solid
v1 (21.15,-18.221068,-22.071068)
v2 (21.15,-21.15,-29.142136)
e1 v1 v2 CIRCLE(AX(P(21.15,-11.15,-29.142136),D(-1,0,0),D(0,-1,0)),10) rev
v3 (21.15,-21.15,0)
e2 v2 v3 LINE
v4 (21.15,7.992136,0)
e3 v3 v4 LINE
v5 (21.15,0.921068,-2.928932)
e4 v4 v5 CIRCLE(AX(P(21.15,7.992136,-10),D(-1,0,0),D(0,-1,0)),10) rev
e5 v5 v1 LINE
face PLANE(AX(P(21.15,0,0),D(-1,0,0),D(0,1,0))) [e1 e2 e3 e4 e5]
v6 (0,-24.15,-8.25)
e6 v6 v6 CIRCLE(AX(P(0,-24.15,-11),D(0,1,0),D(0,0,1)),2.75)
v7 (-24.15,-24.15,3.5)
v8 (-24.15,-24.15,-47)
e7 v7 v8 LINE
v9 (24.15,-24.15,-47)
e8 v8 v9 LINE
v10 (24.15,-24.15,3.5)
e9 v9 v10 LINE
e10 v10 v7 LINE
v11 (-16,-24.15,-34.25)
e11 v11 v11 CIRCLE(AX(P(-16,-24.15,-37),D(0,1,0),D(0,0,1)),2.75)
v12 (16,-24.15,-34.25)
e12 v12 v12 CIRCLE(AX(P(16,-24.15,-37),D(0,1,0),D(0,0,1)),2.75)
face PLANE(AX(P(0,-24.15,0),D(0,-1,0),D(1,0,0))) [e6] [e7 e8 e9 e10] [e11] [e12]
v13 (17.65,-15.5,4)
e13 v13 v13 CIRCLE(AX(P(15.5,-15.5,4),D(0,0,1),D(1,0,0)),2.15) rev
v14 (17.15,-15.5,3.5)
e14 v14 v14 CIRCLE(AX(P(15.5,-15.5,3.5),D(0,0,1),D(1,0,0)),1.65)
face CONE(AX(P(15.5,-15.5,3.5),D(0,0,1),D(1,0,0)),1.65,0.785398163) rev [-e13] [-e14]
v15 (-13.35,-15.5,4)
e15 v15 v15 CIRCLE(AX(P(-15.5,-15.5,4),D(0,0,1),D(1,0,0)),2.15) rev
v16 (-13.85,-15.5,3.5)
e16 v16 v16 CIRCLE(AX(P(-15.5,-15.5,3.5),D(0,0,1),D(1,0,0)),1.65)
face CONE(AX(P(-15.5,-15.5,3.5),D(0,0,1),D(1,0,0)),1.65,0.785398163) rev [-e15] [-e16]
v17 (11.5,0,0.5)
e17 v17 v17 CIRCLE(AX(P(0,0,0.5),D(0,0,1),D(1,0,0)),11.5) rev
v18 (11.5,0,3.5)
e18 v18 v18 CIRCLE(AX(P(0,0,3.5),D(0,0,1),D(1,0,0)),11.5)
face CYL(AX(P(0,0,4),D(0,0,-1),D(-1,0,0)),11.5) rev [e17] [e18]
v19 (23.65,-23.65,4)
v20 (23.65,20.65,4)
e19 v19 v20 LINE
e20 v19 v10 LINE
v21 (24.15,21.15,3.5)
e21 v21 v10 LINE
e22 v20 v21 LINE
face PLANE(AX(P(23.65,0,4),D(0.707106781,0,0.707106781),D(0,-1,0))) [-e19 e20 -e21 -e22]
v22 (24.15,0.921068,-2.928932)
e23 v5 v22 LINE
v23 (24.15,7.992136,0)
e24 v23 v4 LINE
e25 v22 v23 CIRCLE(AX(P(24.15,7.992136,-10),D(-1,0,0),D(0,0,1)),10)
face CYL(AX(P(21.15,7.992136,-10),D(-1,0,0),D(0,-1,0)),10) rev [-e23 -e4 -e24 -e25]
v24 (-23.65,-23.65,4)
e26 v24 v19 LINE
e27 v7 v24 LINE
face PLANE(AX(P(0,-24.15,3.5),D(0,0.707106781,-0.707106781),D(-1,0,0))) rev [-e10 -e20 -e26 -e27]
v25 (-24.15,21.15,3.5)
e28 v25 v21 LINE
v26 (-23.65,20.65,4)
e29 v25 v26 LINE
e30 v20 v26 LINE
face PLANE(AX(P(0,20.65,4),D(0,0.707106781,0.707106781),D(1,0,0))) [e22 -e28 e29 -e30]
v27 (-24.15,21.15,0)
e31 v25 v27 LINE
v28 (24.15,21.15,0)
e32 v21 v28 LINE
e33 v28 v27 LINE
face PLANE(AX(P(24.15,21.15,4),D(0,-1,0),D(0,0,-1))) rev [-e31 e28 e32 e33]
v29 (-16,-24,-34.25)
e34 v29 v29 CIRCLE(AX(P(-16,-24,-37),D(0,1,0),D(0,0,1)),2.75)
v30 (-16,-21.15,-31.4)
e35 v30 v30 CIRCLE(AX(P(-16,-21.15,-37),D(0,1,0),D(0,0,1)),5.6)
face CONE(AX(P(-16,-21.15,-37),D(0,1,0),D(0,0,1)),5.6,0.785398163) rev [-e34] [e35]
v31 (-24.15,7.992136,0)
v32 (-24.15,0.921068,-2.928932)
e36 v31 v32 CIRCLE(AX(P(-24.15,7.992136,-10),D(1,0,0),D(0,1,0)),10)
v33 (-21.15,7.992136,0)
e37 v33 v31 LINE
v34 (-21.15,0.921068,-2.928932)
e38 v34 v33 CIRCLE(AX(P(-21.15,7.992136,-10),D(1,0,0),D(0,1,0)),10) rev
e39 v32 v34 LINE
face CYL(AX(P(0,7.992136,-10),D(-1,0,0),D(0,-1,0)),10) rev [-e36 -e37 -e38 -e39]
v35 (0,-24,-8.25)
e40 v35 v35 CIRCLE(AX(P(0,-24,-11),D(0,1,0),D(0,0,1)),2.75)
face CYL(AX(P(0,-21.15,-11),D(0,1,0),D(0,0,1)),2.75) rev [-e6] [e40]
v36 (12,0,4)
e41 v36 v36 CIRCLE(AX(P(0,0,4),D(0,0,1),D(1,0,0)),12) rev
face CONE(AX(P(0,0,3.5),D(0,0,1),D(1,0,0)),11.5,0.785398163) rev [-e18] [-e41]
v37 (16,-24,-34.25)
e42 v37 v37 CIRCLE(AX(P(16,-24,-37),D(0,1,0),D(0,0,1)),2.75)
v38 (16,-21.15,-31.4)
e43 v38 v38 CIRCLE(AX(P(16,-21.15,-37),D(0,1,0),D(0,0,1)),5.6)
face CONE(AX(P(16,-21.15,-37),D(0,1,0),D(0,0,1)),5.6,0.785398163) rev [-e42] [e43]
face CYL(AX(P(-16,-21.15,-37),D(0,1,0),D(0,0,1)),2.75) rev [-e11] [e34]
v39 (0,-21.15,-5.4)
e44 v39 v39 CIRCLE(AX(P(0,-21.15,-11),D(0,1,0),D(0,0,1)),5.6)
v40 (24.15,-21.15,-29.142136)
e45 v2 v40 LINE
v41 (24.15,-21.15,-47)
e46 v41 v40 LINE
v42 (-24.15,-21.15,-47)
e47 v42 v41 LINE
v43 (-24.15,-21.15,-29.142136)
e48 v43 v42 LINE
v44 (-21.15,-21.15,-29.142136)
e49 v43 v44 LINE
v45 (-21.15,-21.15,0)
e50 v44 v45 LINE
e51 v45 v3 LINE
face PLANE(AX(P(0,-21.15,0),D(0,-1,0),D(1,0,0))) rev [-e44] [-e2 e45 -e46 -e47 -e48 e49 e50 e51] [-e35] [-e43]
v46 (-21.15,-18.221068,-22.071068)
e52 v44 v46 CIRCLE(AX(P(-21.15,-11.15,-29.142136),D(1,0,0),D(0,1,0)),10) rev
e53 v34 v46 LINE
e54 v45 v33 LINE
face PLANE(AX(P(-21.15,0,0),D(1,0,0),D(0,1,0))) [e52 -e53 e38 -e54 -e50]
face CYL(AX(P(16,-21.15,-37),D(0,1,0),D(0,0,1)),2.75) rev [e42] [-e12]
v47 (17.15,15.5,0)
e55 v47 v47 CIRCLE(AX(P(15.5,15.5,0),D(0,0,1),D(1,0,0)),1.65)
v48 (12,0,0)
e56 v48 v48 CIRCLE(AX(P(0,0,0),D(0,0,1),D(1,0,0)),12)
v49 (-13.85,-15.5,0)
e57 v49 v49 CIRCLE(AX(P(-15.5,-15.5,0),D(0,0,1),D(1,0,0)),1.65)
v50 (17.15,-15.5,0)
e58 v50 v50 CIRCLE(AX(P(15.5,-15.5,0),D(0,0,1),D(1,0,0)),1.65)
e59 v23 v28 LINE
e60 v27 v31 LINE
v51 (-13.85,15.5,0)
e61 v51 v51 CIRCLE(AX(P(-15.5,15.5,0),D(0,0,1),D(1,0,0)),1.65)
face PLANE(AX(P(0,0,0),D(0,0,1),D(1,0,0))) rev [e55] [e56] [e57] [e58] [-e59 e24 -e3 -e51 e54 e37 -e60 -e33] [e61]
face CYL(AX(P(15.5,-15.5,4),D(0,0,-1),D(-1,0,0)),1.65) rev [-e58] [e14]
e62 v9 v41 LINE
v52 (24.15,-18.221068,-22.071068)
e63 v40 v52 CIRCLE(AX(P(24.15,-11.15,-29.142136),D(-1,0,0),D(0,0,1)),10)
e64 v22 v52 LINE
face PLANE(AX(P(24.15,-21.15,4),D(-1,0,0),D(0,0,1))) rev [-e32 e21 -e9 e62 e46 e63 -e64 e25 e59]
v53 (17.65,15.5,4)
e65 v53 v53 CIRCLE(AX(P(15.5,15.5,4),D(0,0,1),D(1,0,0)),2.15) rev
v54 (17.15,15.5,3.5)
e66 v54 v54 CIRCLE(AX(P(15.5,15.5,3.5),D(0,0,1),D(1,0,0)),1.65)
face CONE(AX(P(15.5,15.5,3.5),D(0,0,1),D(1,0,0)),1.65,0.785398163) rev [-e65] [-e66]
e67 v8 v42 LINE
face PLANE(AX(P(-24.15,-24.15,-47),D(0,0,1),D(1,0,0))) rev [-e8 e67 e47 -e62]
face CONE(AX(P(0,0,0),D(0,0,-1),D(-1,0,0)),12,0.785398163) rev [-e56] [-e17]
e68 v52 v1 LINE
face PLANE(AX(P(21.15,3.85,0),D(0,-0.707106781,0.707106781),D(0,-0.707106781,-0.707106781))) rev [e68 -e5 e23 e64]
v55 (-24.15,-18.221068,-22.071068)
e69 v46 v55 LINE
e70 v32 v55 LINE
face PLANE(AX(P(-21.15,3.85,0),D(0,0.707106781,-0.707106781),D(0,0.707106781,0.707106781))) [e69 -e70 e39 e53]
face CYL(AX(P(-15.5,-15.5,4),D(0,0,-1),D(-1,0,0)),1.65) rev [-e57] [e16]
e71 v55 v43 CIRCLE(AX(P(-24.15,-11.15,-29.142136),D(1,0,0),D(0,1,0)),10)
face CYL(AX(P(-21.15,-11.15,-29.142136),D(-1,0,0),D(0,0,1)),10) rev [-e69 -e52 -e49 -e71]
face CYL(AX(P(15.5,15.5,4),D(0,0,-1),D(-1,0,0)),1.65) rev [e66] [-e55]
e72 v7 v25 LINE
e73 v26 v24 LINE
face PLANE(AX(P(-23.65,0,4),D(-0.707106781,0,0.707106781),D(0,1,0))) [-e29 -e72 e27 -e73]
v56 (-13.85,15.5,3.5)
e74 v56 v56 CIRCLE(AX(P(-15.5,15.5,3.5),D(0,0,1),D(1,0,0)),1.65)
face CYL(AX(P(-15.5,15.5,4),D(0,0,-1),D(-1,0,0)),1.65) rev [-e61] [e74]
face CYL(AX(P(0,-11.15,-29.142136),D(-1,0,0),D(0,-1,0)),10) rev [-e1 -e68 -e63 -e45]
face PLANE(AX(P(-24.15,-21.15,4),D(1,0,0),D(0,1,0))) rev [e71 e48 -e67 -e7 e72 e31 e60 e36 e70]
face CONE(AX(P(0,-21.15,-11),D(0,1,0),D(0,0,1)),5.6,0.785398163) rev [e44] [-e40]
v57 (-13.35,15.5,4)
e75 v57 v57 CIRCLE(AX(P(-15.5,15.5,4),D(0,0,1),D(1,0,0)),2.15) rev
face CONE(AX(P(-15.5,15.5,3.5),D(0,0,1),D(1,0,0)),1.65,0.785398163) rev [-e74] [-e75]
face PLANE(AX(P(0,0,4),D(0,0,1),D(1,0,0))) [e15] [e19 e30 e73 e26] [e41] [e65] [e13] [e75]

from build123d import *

# Parameters (mm, degrees)
ESQUISSE1_W                                = 48.3
ESQUISSE1_H                                = 42.3
ESQUISSE1_R                                = 11.5
ESQUISSE1_R_2                              = 1.65
BOSS_EXTRU_1_DEPTH                         = 4
ESQUISSE2_W                                = 48.3
ESQUISSE2_H                                = 51
BOSS_EXTRU_2_DEPTH                         = 3
BOSS_EXTRU_3_DEPTH                         = 3
CONG_1_R                                   = 10
CHANFREIN1_SIZE                            = 0.5
CHANFREIN2_SIZE                            = 0.5
FRAISAGE_POUR_VIS_T_TE_FRAIS_E_BOM_2_COUNT = 2
FRAISAGE_POUR_VIS_T_TE_FRAIS_E_BOM_2_PITCH = 30.528675045
FRAISAGE_POUR_VIS_T_TE_FRAIS_E_BOM_3_COUNT = 2
FRAISAGE_POUR_VIS_T_TE_FRAIS_E_BOM_3_PITCH = 30.528675045


with BuildPart() as part:
    # Esquisse1 → Boss.-Extru.1 (new body)
    with BuildSketch(Plane.XY):
        Rectangle(ESQUISSE1_W, ESQUISSE1_H)
        Circle(ESQUISSE1_R, mode=Mode.SUBTRACT)
        with Locations((-15.5, 15.5)):
            Circle(ESQUISSE1_R_2, mode=Mode.SUBTRACT)
        with Locations((15.5, 15.5)):
            Circle(ESQUISSE1_R_2, mode=Mode.SUBTRACT)
        with Locations((15.5, -15.5)):
            Circle(ESQUISSE1_R_2, mode=Mode.SUBTRACT)
        with Locations((-15.5, -15.5)):
            Circle(ESQUISSE1_R_2, mode=Mode.SUBTRACT)
    extrude(amount=BOSS_EXTRU_1_DEPTH)

    # Esquisse2 → Boss.-Extru.2 (add)
    with BuildSketch(Plane.XZ.offset(21.15)):
        with Locations((0, -21.5)):
            Rectangle(ESQUISSE2_W, ESQUISSE2_H)
    extrude(amount=BOSS_EXTRU_2_DEPTH)

    # Esquisse3 → Boss.-Extru.3 (add)
    with BuildSketch(Plane.ZY.offset(24.15)):
        Polygon((0, 3.85), (-25, -21.15), (0, -21.15), align=None)
    boss_extru_3 = extrude(amount=-BOSS_EXTRU_3_DEPTH)

    # Symétrie1: Boss.-Extru.3 across plane
    add(boss_extru_3.mirror(Plane(origin=(0, 0, 0), x_dir=(0, 0, 1), z_dir=(1, 0, 0))))

    # Congé1
    cong_1_edges = [part.edges().sort_by_distance(p)[0] for p in [
        (-22.65, 3.85, 0),
        (-22.65, -21.15, -25),
        (22.65, 3.85, 0),
        (22.65, -21.15, -25),
    ]]
    fillet(cong_1_edges, radius=CONG_1_R)

    # Chanfrein1
    chanfrein1_edges = [part.edges().sort_by_distance(p)[0] for p in [
        (-11.5, 0, 4),
        (24.15, -1.5, 4),
        (-17.15, 15.5, 4),
        (0, 21.15, 4),
        (13.85, 15.5, 4),
        (13.85, -15.5, 4),
        (-17.15, -15.5, 4),
        (0, -24.15, 4),
        (-24.15, -1.5, 4),
    ]]
    chamfer(chanfrein1_edges, length=CHANFREIN1_SIZE)

    # Chanfrein2
    chanfrein2_edges = [part.edges().sort_by_distance(p)[0] for p in [
        (-11.5, 0, 0),
    ]]
    chamfer(chanfrein2_edges, length=CHANFREIN2_SIZE)

    # Esquisse4 → Fraisage pour vis à tête fraisée bombée fendue M51 (revolve, cut)
    with BuildSketch(Plane(origin=(0, -21.15, -11), x_dir=(0, 0, 1), z_dir=(1, 0, 0))):
        Polygon((0, 0), (0, 3), (2.75, 3), (2.75, 2.85), (5.6, 0), align=None)
    fraisage_pour_vis_t_te_frais_e_bomb_e = revolve(axis=Axis((0, -14.8, -11), (0, -1, 0)), mode=Mode.SUBTRACT)

    # Fraisage pour vis _ t_te frais_e bom 2: Fraisage pour vis à tête fraisée bombée fendue M51 ×2
    with Locations(*[Vector(0.5240974256643348, 0, -0.8516583167045438) * (i * FRAISAGE_POUR_VIS_T_TE_FRAIS_E_BOM_2_PITCH) for i in range(1, FRAISAGE_POUR_VIS_T_TE_FRAIS_E_BOM_2_COUNT)]):
        add(fraisage_pour_vis_t_te_frais_e_bomb_e, mode=Mode.SUBTRACT)

    # Fraisage pour vis _ t_te frais_e bom 3: Fraisage pour vis à tête fraisée bombée fendue M51 ×2
    with Locations(*[Vector(-0.5240974256643347, 0, -0.851658316704544) * (i * FRAISAGE_POUR_VIS_T_TE_FRAIS_E_BOM_3_PITCH) for i in range(1, FRAISAGE_POUR_VIS_T_TE_FRAIS_E_BOM_3_COUNT)]):
        add(fraisage_pour_vis_t_te_frais_e_bomb_e, mode=Mode.SUBTRACT)


solid = part.part
